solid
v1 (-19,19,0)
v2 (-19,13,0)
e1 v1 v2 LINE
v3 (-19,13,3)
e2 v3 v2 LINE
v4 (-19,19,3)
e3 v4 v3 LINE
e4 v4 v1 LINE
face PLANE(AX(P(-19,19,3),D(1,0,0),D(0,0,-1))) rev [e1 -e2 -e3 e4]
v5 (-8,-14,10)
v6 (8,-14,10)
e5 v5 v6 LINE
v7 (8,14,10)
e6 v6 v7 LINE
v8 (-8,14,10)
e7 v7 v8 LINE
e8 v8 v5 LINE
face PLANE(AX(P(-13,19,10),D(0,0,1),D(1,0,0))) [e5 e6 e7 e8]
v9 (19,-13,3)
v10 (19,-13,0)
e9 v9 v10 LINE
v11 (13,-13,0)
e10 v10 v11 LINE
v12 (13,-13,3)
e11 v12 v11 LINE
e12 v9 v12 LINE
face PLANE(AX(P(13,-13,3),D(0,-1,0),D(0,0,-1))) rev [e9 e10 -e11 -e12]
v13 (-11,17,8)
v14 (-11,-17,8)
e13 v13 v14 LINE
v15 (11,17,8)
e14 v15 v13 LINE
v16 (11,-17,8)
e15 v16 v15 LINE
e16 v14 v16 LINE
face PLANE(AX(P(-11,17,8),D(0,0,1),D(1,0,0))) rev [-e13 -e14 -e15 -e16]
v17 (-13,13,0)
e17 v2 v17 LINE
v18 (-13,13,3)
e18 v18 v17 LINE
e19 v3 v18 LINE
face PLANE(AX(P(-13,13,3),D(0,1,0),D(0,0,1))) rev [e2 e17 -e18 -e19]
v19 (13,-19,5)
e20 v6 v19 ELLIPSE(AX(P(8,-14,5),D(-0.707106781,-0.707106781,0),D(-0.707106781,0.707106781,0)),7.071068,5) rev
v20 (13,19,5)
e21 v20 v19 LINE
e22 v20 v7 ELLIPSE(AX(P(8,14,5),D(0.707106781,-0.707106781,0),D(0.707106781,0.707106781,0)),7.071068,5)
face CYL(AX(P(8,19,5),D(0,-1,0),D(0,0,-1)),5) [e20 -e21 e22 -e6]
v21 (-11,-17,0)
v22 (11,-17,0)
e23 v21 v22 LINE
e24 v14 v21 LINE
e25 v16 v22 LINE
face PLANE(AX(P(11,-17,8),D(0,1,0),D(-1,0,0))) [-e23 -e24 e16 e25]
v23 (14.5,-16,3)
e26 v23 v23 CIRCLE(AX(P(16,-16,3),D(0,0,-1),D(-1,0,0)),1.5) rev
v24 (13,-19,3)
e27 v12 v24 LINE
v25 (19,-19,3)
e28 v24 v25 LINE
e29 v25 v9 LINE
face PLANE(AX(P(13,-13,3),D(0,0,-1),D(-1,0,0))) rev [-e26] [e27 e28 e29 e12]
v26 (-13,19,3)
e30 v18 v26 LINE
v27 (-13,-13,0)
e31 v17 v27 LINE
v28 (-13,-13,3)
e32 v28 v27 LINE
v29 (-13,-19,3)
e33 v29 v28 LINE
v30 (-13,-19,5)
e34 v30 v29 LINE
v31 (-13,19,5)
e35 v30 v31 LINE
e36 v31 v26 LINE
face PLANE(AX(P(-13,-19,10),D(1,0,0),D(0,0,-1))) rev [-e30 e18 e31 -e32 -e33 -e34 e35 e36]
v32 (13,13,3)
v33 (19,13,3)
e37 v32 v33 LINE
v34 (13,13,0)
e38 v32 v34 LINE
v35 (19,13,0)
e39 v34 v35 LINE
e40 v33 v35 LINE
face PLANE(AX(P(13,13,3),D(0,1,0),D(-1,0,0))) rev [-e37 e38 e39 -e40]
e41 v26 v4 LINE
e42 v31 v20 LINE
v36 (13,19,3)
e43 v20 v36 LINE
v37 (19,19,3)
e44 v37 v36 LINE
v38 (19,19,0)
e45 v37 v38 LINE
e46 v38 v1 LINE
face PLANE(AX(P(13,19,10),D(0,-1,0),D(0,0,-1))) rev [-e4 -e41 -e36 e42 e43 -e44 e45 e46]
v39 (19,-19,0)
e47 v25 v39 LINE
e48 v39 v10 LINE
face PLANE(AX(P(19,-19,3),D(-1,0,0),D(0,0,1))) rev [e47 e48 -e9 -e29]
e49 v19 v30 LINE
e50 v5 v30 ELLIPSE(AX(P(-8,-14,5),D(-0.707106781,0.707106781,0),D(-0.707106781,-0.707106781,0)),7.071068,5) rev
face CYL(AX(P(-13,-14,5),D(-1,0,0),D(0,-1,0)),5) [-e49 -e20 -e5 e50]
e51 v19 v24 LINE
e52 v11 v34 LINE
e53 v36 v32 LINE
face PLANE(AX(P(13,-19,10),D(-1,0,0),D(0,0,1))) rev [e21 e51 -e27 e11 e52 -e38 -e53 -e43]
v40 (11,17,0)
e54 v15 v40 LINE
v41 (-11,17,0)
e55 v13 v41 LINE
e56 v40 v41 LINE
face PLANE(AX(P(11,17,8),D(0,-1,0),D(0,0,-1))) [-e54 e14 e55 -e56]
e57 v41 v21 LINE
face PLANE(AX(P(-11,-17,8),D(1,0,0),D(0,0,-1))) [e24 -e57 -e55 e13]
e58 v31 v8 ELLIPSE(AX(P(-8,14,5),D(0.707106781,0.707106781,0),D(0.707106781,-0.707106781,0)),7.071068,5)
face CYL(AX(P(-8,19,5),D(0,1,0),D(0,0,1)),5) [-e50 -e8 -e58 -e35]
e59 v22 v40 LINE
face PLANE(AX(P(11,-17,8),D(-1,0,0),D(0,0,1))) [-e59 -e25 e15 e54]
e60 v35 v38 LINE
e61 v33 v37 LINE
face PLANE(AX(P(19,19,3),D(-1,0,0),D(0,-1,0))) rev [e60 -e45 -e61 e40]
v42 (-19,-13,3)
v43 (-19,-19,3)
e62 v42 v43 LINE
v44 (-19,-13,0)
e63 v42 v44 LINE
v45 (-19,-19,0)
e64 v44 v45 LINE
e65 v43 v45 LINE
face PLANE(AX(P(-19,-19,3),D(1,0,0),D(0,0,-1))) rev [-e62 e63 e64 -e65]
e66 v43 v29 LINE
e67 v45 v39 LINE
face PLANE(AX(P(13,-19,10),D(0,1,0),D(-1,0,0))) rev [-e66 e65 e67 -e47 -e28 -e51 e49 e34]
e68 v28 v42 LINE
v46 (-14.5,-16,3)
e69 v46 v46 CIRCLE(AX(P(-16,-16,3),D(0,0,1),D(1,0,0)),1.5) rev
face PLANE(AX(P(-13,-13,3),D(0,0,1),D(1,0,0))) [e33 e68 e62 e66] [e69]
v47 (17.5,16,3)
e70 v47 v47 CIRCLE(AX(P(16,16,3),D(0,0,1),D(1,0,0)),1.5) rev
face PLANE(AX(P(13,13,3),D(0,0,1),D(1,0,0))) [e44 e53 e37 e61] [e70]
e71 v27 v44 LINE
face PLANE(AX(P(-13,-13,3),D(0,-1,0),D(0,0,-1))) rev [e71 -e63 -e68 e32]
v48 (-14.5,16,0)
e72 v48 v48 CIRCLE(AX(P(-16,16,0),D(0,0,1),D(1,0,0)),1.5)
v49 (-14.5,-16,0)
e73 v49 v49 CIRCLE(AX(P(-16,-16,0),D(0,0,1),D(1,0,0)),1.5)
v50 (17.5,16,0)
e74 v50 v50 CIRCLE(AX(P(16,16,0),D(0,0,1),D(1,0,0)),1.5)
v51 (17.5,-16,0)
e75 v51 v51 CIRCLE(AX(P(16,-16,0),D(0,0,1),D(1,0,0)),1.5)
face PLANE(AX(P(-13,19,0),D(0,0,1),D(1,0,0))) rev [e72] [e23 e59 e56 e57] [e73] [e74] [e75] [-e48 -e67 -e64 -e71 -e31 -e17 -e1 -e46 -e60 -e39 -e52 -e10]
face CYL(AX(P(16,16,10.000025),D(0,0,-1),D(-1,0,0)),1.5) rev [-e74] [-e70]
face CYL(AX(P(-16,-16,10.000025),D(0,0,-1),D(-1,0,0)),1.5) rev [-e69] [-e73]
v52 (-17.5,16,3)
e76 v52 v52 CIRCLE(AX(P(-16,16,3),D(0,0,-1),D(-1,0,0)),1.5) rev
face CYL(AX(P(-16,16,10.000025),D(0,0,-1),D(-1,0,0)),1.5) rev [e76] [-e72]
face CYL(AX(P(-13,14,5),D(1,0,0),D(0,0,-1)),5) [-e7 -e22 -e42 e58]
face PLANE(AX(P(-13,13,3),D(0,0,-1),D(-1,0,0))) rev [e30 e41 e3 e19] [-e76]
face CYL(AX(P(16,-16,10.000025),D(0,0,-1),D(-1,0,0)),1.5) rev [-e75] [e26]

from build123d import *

# Parameters (mm, degrees)
SKETCH_1_W          = 26
SKETCH_1_H          = 38
EXTRUDE_1_DEPTH     = 10
SKETCH_2_W          = 22
SKETCH_2_H          = 34
CUT_EXTRUDE_1_DEPTH = 8
SKETCH_4_W          = 6
SKETCH_4_H          = 6
EXTRUDE_2_DEPTH     = 3
SKETCH_5_R          = 1.5
CUT_EXTRUDE_4_DEPTH = 11
FILLET_1_R          = 5


with BuildPart() as part:
    # ｽｹｯﾁ1 → ﾎﾞｽ - 押し出し1 (new body)
    with BuildSketch(Plane.XY):
        Rectangle(SKETCH_1_W, SKETCH_1_H)
    extrude(amount=EXTRUDE_1_DEPTH)

    # ｽｹｯﾁ2 → ｶｯﾄ - 押し出し1 (cut)
    with BuildSketch(Plane.XY):
        Rectangle(SKETCH_2_W, SKETCH_2_H)
    extrude(amount=CUT_EXTRUDE_1_DEPTH, mode=Mode.SUBTRACT)

    # ｽｹｯﾁ4 → ﾎﾞｽ - 押し出し2 (add)
    with BuildSketch(Plane.XY):
        with Locations((16, 16)):
            Rectangle(SKETCH_4_W, SKETCH_4_H)
        with Locations((16, -16)):
            Rectangle(SKETCH_4_W, SKETCH_4_H)
        with Locations((-16, -16)):
            Rectangle(SKETCH_4_W, SKETCH_4_H)
        with Locations((-16, 16)):
            Rectangle(SKETCH_4_W, SKETCH_4_H)
    extrude(amount=EXTRUDE_2_DEPTH)

    # ｽｹｯﾁ5 → ｶｯﾄ - 押し出し4 (cut, through all)
    with BuildSketch(Plane.XY):
        with Locations((-16, 16)):
            Circle(SKETCH_5_R)
        with Locations((-16, -16)):
            Circle(SKETCH_5_R)
        with Locations((16, -16)):
            Circle(SKETCH_5_R)
        with Locations((16, 16)):
            Circle(SKETCH_5_R)
    extrude(amount=CUT_EXTRUDE_4_DEPTH, mode=Mode.SUBTRACT)

    # ﾌｨﾚｯﾄ1
    fillet_1_edges = [part.edges().sort_by_distance(p)[0] for p in [
        (0, 19, 10),
        (0, -19, 10),
        (13, 0, 10),
        (-13, 0, 10),
    ]]
    fillet(fillet_1_edges, radius=FILLET_1_R)


solid = part.part
